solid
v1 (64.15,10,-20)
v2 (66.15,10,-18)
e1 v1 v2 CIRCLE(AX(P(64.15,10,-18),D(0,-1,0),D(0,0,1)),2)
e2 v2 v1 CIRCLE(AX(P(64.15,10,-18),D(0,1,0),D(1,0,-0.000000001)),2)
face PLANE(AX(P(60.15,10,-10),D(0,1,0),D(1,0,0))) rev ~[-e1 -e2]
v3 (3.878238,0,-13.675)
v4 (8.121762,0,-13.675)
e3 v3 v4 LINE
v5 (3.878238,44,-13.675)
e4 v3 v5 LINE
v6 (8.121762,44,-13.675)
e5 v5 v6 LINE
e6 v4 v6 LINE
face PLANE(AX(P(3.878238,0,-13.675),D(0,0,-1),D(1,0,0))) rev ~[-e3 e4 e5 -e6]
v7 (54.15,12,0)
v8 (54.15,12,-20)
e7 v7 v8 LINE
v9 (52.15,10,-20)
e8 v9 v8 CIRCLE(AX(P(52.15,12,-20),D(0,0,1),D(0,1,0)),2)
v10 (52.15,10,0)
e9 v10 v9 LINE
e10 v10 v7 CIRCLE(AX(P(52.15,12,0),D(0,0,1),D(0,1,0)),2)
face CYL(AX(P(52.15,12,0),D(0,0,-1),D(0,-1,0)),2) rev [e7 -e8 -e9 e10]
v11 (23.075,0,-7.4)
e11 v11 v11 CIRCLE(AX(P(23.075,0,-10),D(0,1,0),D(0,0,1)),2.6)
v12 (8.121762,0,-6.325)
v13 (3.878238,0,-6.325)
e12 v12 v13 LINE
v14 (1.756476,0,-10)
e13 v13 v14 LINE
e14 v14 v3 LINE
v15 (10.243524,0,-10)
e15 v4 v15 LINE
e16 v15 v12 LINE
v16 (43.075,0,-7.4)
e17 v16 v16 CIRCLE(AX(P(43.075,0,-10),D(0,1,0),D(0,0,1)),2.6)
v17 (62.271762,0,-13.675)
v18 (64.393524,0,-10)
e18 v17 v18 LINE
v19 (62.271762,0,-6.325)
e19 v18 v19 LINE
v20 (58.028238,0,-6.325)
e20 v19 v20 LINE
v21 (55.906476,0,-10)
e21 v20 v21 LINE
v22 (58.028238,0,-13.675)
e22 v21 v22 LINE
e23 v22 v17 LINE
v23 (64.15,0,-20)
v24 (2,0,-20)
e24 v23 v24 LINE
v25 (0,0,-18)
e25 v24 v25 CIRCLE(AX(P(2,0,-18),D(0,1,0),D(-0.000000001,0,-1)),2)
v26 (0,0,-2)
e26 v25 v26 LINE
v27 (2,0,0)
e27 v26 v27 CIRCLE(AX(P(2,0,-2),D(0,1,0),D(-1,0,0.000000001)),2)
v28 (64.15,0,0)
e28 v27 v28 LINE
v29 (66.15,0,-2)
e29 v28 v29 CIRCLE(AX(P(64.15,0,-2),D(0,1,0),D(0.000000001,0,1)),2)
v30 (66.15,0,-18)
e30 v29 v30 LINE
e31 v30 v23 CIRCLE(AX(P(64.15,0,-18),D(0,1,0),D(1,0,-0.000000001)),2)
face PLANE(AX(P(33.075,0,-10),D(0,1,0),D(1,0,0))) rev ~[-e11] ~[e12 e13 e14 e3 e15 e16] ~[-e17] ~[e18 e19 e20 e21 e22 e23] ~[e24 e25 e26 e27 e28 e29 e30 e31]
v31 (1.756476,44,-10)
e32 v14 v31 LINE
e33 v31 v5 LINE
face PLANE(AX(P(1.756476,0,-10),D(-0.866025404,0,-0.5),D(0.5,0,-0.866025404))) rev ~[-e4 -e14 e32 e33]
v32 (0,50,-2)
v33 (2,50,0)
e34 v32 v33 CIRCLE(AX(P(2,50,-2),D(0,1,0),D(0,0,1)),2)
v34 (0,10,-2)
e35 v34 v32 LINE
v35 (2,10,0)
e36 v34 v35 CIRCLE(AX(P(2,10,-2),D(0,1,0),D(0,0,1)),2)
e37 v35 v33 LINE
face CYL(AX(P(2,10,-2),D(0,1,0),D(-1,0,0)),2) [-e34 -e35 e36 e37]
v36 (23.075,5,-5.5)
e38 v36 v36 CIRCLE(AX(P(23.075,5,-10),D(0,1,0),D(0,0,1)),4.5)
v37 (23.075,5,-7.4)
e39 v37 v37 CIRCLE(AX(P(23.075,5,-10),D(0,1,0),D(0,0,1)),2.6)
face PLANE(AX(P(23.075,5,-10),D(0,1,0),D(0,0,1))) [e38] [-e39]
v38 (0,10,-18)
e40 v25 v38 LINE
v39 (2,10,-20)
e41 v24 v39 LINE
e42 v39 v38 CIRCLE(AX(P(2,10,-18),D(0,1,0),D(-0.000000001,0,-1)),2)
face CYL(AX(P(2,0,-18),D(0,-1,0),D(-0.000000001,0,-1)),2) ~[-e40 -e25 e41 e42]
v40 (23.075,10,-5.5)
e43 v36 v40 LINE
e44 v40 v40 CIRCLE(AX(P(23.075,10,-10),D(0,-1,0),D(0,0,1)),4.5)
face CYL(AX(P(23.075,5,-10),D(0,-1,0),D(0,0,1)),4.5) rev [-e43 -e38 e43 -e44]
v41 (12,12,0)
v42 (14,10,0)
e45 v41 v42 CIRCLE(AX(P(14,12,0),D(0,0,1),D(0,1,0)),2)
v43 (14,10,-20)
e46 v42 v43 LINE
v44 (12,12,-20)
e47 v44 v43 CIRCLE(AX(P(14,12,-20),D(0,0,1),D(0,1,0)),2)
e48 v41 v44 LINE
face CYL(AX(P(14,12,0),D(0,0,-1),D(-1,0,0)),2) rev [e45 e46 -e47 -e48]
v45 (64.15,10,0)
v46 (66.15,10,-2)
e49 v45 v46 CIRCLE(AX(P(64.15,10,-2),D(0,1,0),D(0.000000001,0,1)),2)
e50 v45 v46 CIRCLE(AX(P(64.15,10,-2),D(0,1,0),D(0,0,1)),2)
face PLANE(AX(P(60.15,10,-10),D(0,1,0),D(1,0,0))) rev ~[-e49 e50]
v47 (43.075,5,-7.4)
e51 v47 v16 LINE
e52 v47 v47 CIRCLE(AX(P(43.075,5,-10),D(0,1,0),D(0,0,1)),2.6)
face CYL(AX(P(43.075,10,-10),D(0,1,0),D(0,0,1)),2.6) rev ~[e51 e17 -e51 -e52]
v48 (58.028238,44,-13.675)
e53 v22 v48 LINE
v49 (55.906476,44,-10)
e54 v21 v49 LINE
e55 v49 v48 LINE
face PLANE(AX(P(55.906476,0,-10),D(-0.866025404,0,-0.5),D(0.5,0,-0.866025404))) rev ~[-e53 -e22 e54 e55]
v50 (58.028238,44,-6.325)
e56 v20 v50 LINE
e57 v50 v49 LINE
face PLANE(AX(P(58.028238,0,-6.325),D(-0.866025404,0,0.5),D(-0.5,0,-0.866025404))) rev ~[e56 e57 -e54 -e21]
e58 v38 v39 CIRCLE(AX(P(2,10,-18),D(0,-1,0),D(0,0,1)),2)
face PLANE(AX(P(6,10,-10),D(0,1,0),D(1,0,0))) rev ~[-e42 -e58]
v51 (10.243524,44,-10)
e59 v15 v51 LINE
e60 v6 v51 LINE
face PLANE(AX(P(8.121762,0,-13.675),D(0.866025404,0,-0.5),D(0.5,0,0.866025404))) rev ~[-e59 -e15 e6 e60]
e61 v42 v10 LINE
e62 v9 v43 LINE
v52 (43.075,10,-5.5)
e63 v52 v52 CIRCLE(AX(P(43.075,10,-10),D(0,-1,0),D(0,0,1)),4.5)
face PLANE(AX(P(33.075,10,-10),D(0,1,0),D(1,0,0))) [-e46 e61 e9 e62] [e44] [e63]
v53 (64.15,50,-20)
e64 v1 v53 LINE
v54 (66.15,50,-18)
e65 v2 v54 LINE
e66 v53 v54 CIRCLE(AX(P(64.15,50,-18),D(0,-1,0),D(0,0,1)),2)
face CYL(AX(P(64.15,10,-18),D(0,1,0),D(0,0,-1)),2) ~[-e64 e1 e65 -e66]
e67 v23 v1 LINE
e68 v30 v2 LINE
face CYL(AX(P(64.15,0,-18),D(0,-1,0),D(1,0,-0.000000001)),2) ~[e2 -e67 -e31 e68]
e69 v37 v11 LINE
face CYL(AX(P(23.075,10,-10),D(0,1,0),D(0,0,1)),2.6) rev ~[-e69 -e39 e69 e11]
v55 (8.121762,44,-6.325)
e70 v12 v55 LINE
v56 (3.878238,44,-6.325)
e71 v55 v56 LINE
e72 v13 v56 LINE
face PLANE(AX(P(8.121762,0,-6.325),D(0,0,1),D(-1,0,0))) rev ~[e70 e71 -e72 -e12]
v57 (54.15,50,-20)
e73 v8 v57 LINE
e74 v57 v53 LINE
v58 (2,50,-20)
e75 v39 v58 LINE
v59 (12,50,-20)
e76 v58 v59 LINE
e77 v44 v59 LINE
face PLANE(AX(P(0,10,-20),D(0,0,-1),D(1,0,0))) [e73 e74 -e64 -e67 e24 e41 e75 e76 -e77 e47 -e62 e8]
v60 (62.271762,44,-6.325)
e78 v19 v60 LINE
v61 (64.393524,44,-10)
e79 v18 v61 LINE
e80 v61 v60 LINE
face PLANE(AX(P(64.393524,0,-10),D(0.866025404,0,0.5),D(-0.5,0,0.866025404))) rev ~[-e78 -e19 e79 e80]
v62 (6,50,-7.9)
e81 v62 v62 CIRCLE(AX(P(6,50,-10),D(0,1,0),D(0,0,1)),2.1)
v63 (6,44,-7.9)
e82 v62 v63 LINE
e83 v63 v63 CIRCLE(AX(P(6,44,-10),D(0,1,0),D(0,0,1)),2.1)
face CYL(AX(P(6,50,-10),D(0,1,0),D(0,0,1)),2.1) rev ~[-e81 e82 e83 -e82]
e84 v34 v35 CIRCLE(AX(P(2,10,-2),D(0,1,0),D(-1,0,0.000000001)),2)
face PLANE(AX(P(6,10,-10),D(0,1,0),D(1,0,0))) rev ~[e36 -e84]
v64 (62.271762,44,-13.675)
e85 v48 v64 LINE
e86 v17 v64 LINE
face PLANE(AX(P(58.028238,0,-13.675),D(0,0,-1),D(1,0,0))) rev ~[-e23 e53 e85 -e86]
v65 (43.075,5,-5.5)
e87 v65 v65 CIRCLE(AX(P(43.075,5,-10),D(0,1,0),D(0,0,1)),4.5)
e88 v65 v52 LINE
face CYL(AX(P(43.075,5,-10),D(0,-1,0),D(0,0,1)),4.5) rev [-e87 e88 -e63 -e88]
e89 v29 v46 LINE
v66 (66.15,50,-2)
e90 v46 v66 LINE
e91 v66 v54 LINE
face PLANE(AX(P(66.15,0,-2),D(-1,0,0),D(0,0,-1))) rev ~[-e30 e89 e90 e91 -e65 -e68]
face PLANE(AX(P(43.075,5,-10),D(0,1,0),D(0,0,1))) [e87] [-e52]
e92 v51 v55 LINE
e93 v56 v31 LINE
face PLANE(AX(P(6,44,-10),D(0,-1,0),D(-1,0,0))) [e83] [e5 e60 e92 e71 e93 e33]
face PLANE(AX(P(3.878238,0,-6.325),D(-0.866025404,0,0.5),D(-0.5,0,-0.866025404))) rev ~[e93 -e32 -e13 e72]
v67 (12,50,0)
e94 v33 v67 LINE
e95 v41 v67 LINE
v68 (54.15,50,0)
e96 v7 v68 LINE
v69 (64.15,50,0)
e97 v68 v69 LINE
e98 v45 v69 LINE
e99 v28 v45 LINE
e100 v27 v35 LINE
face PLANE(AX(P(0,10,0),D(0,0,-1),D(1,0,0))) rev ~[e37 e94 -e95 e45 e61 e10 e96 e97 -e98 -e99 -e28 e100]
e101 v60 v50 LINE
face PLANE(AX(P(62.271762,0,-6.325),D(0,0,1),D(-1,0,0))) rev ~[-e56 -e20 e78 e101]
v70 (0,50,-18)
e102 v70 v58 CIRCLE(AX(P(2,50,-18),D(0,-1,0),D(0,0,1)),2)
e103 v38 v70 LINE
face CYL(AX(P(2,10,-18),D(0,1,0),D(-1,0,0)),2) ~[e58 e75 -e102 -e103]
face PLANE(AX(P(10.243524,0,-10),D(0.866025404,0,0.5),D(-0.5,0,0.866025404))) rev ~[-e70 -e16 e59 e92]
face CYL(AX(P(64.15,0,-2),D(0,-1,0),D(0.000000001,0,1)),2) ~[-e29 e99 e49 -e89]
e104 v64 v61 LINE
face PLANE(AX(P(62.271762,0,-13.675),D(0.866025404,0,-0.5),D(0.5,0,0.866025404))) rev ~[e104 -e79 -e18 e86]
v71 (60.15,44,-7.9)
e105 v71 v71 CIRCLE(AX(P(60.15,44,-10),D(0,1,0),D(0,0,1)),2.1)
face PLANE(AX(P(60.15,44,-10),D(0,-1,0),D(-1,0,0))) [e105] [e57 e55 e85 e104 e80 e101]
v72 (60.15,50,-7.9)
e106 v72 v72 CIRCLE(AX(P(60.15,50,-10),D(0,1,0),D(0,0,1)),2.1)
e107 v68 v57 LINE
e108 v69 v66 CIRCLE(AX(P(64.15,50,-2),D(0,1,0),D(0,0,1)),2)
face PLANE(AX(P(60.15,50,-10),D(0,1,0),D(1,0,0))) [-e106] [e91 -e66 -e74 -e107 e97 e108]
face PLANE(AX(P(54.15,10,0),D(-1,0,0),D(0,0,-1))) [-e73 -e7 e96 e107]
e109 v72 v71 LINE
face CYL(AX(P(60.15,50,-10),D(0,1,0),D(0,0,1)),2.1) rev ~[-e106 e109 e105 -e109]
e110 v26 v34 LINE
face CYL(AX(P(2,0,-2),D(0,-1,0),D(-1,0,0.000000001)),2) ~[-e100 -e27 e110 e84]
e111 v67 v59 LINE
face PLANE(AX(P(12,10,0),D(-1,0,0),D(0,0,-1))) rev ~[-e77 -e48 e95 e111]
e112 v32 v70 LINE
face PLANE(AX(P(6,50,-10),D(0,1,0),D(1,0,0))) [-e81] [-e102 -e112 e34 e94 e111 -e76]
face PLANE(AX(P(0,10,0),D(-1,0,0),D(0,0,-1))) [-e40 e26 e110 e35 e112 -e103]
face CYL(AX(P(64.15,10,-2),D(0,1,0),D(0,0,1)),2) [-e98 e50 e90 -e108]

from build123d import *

# Parameters (mm, degrees)
BOSS_EXTRUDE1_DEPTH     = 10
SKETCH2_W               = 12
SKETCH2_H               = 20
BOSS_EXTRUDE2_DEPTH     = 40
SKETCH3_R               = 2.1
CUT_EXTRUDE1_DEPTH      = 86.29843199
CUT_EXTRUDE2_DEPTH      = 44
FILLET3_R               = 2
FILLET4_R               = 2
SKETCH6_R               = 2.6
CUT_EXTRUDE4_DEPTH      = 10
CUT_EXTRUDE5_DEPTH      = 5
CUT_EXTRUDE5_DEPTH_BACK = 5
SKETCH6_3_R             = 4.5
SKETCH6_3_R_2           = 2.6


with BuildPart() as part:
    # Sketch1 → Boss-Extrude1 (new body)
    with BuildSketch(Plane(origin=(0, 0, 0), x_dir=(1, 0, 0), z_dir=(0, 1, 0))):
        with BuildLine():
            Line((2, 0), (64.15, 0))
            ThreePointArc((64.15, 0), (65.564213562, 0.585786438), (66.15, 2))
            Line((66.15, 2), (66.15, 18))
            ThreePointArc((66.15, 18), (65.564213562, 19.414213562), (64.15, 20))
            Line((64.15, 20), (2, 20))
            ThreePointArc((2, 20), (0.585786438, 19.414213562), (0, 18))
            Line((0, 18), (0, 2))
            ThreePointArc((0, 2), (0.585786438, 0.585786438), (2, 0))
        make_face()
    extrude(amount=BOSS_EXTRUDE1_DEPTH)

    # Sketch2 → Boss-Extrude2 (add)
    with BuildSketch(Plane(origin=(0, 10, 0), x_dir=(1, 0, 0), z_dir=(0, 1, 0))):
        with Locations((6, 10)):
            Rectangle(SKETCH2_W, SKETCH2_H)
        with Locations((60.15, 10)):
            Rectangle(SKETCH2_W, SKETCH2_H)
    extrude(amount=BOSS_EXTRUDE2_DEPTH)

    # Sketch3 → Cut-Extrude1 (cut, through all)
    with BuildSketch(Plane(origin=(0, 50, 0), x_dir=(1, 0, 0), z_dir=(0, 1, 0))):
        with Locations(Location((6, 10, 0), (0, 0, 270))):
            Circle(SKETCH3_R)
        with Locations(Location((60.15, 10, 0), (0, 0, 270))):
            Circle(SKETCH3_R)
    extrude(amount=-CUT_EXTRUDE1_DEPTH, mode=Mode.SUBTRACT)

    # Sketch4 → Cut-Extrude2 (cut)
    with BuildSketch(Plane(origin=(0, 0, 0), x_dir=(-1, 0, 0), z_dir=(0, -1, 0))):
        Polygon((-8.121762239, 13.675), (-10.243524479, 10), (-8.121762239, 6.325), (-3.878237761, 6.325), (-1.756475521, 10), (-3.878237761, 13.675), align=None)
        Polygon((-62.271762239, 13.675), (-64.393524479, 10), (-62.271762239, 6.325), (-58.028237761, 6.325), (-55.906475521, 10), (-58.028237761, 13.675), align=None)
    extrude(amount=-CUT_EXTRUDE2_DEPTH, mode=Mode.SUBTRACT)

    # Fillet3
    fillet3_edges = [part.edges().sort_by_distance(p)[0] for p in [
        (0, 30, -20),
        (0, 30, 0),
        (66.15, 30, 0),
        (66.15, 30, -20),
    ]]
    fillet(fillet3_edges, radius=FILLET3_R)

    # Fillet4
    fillet4_edges = [part.edges().sort_by_distance(p)[0] for p in [
        (12, 10, -10),
        (54.15, 10, -10),
    ]]
    fillet(fillet4_edges, radius=FILLET4_R)

    # Sketch6 → Cut-Extrude4 (cut)
    with BuildSketch(Plane(origin=(0, 10, 0), x_dir=(1, 0, 0), z_dir=(0, 1, 0))):
        with Locations(Location((23.075, 10, 0), (0, 0, 270))):
            Circle(SKETCH6_R)
        with Locations(Location((43.075, 10, 0), (0, 0, 270))):
            Circle(SKETCH6_R)
    extrude(amount=-CUT_EXTRUDE4_DEPTH, mode=Mode.SUBTRACT)

    # Sketch6<3> → Cut-Extrude5 (cut, two sides: drawn at the far end of the back side and taken through both)
    # profile 1 of 2: a face of its own
    with BuildSketch(Plane(origin=(0, 10, 0), x_dir=(1, 0, 0), z_dir=(0, 1, 0)).offset(-CUT_EXTRUDE5_DEPTH_BACK)):
        with Locations(Location((43.075, 10, 0), (0, 0, 270))):
            Circle(SKETCH6_3_R)
        with Locations(Location((43.075, 10, 0), (0, 0, 270))):
            Circle(SKETCH6_3_R_2, mode=Mode.SUBTRACT)
    # profile 2 of 2: a face of its own
    with BuildSketch(Plane(origin=(0, 10, 0), x_dir=(1, 0, 0), z_dir=(0, 1, 0)).offset(-CUT_EXTRUDE5_DEPTH_BACK)):
        with Locations(Location((23.075, 10, 0), (0, 0, 270))):
            Circle(SKETCH6_3_R)
        with Locations(Location((23.075, 10, 0), (0, 0, 270))):
            Circle(SKETCH6_3_R_2, mode=Mode.SUBTRACT)
    extrude(amount=CUT_EXTRUDE5_DEPTH + CUT_EXTRUDE5_DEPTH_BACK, mode=Mode.SUBTRACT)


solid = part.part
